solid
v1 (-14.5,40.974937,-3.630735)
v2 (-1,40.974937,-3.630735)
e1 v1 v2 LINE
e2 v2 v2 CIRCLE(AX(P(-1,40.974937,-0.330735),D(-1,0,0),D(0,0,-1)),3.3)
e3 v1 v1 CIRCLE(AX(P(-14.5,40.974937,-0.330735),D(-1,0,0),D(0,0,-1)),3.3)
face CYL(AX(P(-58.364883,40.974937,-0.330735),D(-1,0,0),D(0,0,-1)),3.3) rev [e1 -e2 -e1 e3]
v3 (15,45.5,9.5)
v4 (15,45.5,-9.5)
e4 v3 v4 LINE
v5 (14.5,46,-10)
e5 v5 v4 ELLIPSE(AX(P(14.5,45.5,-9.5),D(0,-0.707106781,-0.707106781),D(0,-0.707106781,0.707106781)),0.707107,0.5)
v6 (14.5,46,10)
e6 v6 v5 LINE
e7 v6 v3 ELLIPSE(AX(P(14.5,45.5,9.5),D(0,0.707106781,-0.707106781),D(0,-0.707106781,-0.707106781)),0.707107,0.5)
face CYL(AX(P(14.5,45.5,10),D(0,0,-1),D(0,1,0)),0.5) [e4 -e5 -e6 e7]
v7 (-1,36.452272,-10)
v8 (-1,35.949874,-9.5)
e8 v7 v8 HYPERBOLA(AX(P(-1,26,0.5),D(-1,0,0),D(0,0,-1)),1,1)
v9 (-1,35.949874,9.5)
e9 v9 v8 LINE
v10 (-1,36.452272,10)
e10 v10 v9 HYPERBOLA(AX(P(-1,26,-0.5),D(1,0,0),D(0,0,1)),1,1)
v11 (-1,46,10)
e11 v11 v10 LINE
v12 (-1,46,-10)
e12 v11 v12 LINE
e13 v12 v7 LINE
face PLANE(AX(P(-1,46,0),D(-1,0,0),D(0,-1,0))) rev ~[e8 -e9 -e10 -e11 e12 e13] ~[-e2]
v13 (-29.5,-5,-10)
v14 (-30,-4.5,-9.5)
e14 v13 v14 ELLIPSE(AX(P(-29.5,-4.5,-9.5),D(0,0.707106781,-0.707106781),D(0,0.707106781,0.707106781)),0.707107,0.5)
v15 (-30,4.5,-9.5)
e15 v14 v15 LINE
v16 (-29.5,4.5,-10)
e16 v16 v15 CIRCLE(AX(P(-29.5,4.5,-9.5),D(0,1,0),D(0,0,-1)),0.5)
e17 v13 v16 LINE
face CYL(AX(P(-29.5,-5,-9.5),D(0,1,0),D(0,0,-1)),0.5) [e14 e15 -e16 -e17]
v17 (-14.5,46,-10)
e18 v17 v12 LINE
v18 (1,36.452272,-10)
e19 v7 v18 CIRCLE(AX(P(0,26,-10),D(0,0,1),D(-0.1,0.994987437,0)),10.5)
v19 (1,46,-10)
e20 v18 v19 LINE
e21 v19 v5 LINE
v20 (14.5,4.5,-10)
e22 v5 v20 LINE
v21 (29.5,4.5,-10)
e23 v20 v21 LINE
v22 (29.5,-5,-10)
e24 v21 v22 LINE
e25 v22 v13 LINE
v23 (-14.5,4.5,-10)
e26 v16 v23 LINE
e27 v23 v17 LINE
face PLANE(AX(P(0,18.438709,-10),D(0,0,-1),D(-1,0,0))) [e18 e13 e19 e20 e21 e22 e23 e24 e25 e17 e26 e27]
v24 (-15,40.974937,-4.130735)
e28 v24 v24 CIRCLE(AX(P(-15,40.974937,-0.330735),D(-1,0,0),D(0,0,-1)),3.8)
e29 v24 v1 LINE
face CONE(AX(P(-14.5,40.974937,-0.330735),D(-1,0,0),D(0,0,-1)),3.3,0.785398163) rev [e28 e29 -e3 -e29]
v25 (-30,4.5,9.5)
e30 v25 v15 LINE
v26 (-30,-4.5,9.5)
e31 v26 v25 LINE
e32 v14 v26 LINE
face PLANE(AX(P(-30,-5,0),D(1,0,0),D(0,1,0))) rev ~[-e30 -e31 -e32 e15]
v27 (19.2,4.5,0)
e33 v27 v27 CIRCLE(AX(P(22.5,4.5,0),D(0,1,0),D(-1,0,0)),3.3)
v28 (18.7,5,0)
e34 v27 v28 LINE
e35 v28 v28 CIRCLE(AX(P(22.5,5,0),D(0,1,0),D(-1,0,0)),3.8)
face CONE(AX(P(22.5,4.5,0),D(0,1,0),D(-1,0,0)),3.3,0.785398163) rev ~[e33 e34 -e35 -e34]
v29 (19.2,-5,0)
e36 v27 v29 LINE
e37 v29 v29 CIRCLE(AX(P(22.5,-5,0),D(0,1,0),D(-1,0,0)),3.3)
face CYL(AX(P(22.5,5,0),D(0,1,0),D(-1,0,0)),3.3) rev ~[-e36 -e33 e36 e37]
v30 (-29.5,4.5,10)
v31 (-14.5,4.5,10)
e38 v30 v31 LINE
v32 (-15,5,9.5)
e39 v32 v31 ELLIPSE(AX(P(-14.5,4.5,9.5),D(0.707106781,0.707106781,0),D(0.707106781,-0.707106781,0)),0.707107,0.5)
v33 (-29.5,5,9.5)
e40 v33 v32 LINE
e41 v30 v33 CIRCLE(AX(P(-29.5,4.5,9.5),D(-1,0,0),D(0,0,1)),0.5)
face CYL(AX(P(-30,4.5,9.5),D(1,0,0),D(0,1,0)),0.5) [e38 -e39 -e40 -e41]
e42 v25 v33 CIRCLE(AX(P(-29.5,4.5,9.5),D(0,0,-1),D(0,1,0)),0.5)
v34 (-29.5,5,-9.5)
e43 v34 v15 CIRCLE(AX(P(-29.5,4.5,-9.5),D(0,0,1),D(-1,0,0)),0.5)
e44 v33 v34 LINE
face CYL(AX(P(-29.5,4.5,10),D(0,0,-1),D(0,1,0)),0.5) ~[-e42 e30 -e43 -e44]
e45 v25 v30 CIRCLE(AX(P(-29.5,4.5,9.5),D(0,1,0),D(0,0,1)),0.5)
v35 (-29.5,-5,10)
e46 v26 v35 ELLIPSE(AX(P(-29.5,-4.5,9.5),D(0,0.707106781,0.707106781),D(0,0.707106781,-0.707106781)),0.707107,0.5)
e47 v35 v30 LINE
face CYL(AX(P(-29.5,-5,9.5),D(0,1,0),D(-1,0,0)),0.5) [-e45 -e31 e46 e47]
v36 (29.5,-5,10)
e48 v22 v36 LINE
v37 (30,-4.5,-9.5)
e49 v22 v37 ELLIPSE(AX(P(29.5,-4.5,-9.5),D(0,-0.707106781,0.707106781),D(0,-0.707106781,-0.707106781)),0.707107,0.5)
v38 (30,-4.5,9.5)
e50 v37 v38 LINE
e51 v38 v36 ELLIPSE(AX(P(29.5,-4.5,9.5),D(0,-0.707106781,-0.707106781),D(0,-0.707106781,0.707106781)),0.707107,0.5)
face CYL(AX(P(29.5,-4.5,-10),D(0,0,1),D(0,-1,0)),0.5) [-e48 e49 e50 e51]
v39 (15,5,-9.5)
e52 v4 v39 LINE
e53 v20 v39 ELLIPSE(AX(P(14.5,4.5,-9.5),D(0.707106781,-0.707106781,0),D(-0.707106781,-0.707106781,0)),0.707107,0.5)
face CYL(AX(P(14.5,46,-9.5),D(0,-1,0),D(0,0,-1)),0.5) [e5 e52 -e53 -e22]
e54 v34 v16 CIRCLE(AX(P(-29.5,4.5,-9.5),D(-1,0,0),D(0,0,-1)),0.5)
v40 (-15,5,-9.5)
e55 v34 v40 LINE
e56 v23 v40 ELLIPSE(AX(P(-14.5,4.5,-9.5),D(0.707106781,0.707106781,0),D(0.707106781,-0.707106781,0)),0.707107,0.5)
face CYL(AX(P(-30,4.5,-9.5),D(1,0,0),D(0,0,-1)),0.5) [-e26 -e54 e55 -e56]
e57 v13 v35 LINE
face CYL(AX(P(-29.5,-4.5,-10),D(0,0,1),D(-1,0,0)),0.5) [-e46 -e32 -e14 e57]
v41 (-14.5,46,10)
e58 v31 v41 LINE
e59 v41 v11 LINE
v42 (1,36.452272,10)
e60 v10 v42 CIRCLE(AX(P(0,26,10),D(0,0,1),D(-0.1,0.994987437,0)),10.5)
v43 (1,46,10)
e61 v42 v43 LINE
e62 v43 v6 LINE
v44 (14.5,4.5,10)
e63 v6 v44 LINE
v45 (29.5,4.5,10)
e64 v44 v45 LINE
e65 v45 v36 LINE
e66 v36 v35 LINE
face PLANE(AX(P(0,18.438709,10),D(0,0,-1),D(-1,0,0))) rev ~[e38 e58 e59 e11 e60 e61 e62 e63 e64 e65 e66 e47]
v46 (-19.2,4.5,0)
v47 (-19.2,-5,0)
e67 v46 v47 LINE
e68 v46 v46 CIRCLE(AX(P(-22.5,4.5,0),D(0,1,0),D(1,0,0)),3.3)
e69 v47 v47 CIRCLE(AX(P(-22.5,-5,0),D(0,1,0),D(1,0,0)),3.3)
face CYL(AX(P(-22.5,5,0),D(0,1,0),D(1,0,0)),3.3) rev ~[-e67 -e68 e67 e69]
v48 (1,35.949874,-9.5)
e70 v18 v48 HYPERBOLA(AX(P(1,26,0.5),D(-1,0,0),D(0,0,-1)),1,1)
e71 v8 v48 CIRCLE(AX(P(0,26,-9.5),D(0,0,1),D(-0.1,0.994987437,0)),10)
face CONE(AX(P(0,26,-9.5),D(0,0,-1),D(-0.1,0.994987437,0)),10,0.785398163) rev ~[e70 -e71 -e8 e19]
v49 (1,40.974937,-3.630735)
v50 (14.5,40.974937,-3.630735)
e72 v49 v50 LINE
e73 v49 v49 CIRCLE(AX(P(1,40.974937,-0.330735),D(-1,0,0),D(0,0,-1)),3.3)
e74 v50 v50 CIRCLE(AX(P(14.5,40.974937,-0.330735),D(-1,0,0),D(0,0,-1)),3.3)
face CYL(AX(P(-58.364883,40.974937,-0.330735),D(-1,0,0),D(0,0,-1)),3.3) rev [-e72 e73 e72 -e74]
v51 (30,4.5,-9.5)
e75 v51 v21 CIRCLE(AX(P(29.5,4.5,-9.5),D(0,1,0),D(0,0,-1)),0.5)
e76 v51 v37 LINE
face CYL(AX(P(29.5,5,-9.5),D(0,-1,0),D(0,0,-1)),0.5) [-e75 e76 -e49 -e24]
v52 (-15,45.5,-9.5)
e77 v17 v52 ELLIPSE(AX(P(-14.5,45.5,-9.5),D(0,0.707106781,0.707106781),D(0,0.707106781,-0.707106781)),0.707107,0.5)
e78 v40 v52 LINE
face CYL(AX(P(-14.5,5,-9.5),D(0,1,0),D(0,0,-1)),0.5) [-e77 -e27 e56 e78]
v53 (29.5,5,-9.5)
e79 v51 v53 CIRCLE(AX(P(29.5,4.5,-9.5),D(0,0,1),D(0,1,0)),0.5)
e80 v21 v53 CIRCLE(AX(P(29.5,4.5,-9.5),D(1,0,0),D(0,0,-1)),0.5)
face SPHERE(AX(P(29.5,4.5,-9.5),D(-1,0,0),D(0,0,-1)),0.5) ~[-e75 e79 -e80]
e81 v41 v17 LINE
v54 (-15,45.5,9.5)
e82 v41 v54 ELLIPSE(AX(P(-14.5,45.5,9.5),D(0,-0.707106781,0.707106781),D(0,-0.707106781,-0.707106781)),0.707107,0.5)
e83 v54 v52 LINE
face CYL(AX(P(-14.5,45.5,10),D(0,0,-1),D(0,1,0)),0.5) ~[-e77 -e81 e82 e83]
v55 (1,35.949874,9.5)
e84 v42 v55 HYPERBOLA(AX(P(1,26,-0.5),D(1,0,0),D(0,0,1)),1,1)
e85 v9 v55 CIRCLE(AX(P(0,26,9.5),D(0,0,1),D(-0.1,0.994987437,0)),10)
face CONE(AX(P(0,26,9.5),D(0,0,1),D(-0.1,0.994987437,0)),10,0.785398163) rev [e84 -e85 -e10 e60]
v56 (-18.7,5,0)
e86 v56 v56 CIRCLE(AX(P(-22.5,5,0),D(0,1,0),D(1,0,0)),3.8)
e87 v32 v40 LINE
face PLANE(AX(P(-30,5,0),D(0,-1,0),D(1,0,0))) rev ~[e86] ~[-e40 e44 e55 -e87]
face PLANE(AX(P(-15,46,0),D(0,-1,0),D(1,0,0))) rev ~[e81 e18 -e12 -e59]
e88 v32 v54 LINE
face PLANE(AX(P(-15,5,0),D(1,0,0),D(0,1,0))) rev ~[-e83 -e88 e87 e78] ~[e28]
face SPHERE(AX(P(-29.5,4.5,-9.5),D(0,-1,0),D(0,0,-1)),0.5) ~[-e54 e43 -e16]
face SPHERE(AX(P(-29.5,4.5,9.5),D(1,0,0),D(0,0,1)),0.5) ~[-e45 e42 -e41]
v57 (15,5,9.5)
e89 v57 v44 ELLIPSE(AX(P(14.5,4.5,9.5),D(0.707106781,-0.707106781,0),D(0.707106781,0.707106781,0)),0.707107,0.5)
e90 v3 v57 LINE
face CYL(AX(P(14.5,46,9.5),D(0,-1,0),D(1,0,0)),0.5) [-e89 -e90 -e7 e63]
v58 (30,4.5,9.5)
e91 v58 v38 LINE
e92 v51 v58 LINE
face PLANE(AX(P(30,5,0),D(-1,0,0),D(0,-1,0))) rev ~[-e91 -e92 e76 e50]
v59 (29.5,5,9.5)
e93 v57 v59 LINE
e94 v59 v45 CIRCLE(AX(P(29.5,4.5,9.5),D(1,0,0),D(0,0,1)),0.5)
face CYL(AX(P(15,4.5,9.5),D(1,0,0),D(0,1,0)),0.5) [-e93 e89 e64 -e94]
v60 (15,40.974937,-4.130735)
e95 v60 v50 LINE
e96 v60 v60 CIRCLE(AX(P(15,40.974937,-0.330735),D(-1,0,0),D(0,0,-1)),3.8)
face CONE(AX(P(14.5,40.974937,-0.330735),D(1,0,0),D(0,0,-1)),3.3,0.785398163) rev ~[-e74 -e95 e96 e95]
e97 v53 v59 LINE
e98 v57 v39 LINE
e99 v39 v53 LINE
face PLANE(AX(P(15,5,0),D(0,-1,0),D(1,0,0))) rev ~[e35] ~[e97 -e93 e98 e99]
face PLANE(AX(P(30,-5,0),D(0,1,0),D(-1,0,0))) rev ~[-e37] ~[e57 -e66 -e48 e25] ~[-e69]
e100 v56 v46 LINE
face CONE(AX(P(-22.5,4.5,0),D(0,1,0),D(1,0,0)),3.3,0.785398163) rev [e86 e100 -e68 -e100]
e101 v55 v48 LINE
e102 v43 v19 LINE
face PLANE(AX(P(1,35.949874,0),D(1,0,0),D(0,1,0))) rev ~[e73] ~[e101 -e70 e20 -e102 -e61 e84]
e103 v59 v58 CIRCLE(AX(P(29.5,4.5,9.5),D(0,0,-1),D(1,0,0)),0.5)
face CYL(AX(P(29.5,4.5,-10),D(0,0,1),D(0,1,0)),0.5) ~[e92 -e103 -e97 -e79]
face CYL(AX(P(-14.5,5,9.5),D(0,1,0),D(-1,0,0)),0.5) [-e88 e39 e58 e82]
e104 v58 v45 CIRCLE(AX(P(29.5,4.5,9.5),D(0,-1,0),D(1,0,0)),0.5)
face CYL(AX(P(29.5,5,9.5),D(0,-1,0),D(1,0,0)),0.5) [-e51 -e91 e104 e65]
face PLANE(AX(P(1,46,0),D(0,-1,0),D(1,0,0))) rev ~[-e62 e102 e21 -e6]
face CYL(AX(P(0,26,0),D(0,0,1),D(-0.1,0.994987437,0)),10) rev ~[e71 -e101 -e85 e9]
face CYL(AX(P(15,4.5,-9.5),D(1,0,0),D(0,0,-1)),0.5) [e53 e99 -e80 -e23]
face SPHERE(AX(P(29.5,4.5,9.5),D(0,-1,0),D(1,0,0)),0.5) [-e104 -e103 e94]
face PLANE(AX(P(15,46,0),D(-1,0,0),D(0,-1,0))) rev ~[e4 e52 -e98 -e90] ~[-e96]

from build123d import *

# Parameters (mm, degrees)
BOSS_EXTRUDE1_DEPTH     = 10
SKETCH2_R               = 3.3
CUT_EXTRUDE1_DEPTH      = 52.778373864
CUT_EXTRUDE2_DEPTH      = 57.364882684
CUT_EXTRUDE2_DEPTH_BACK = 57.364882684
SKETCH5_R               = 3.3
CHAMFER2_SIZE           = 0.5
FILLET2_R               = 0.5


with BuildPart() as part:
    # Sketch1 → Boss-Extrude1 (new, symmetric)
    with BuildSketch(Plane.XY):
        with BuildLine():
            Line((-30, -5), (-30, 5))
            Line((-30, 5), (-15, 5))
            Line((-15, 5), (-15, 46))
            Line((-15, 46), (-1, 46))
            Line((-1, 46), (-1, 35.949874371))
            ThreePointArc((-1, 35.949874371), (0, 16), (1, 35.949874371))
            Line((1, 35.949874371), (1, 46))
            Line((1, 46), (15, 46))
            Line((15, 46), (15, 5))
            Line((15, 5), (30, 5))
            Line((30, 5), (30, -5))
            Line((30, -5), (-30, -5))
        make_face()
    extrude(amount=BOSS_EXTRUDE1_DEPTH, both=True)

    # Sketch2 → Cut-Extrude1 (cut, through all)
    with BuildSketch(Plane(origin=(0, 5, 0), x_dir=(1, 0, 0), z_dir=(0, 1, 0))):
        with Locations(Location((22.5, 0, 0), (0, 0, 180))):
            Circle(SKETCH2_R)
        with Locations((-22.5, 0)):
            Circle(SKETCH2_R)
    extrude(amount=-CUT_EXTRUDE1_DEPTH, mode=Mode.SUBTRACT)

    # Sketch5 → Cut-Extrude2 (cut, two sides: drawn at the far end of the back side and taken through both)
    with BuildSketch(Plane(origin=(-1, 0, 0), x_dir=(0, 0, -1), z_dir=(1, 0, 0)).offset(-CUT_EXTRUDE2_DEPTH_BACK)):
        with Locations((0.330734984, 40.974937186)):
            Circle(SKETCH5_R)
    extrude(amount=CUT_EXTRUDE2_DEPTH + CUT_EXTRUDE2_DEPTH_BACK, mode=Mode.SUBTRACT)

    # Chamfer2
    chamfer2_edges = [part.edges().sort_by_distance(p)[0] for p in [
        (0, 16, -10),
        (0, 16, 10),
        (25.8, 5, 0),
        (-25.8, 5, 0),
        (-15, 40.974937186, 2.969265016),
        (15, 40.974937186, 2.969265016),
    ]]
    chamfer(chamfer2_edges, length=CHAMFER2_SIZE)

    # Fillet2
    fillet2_edges = [part.edges().sort_by_distance(p)[0] for p in [
        (-22.5, 5, 10),
        (15, 25.5, -10),
        (22.5, 5, -10),
        (-30, 0, 10),
        (30, 0, -10),
        (-30, 0, -10),
        (-22.5, 5, -10),
        (-15, 25.5, -10),
        (30, 0, 10),
        (15, 46, 0),
        (30, 5, 0),
        (30, -5, 0),
        (-30, -5, 0),
        (-30, 5, 0),
        (-15, 46, 0),
        (22.5, 5, 10),
        (15, 25.5, 10),
        (-15, 25.5, 10),
    ]]
    fillet(fillet2_edges, radius=FILLET2_R)


solid = part.part
